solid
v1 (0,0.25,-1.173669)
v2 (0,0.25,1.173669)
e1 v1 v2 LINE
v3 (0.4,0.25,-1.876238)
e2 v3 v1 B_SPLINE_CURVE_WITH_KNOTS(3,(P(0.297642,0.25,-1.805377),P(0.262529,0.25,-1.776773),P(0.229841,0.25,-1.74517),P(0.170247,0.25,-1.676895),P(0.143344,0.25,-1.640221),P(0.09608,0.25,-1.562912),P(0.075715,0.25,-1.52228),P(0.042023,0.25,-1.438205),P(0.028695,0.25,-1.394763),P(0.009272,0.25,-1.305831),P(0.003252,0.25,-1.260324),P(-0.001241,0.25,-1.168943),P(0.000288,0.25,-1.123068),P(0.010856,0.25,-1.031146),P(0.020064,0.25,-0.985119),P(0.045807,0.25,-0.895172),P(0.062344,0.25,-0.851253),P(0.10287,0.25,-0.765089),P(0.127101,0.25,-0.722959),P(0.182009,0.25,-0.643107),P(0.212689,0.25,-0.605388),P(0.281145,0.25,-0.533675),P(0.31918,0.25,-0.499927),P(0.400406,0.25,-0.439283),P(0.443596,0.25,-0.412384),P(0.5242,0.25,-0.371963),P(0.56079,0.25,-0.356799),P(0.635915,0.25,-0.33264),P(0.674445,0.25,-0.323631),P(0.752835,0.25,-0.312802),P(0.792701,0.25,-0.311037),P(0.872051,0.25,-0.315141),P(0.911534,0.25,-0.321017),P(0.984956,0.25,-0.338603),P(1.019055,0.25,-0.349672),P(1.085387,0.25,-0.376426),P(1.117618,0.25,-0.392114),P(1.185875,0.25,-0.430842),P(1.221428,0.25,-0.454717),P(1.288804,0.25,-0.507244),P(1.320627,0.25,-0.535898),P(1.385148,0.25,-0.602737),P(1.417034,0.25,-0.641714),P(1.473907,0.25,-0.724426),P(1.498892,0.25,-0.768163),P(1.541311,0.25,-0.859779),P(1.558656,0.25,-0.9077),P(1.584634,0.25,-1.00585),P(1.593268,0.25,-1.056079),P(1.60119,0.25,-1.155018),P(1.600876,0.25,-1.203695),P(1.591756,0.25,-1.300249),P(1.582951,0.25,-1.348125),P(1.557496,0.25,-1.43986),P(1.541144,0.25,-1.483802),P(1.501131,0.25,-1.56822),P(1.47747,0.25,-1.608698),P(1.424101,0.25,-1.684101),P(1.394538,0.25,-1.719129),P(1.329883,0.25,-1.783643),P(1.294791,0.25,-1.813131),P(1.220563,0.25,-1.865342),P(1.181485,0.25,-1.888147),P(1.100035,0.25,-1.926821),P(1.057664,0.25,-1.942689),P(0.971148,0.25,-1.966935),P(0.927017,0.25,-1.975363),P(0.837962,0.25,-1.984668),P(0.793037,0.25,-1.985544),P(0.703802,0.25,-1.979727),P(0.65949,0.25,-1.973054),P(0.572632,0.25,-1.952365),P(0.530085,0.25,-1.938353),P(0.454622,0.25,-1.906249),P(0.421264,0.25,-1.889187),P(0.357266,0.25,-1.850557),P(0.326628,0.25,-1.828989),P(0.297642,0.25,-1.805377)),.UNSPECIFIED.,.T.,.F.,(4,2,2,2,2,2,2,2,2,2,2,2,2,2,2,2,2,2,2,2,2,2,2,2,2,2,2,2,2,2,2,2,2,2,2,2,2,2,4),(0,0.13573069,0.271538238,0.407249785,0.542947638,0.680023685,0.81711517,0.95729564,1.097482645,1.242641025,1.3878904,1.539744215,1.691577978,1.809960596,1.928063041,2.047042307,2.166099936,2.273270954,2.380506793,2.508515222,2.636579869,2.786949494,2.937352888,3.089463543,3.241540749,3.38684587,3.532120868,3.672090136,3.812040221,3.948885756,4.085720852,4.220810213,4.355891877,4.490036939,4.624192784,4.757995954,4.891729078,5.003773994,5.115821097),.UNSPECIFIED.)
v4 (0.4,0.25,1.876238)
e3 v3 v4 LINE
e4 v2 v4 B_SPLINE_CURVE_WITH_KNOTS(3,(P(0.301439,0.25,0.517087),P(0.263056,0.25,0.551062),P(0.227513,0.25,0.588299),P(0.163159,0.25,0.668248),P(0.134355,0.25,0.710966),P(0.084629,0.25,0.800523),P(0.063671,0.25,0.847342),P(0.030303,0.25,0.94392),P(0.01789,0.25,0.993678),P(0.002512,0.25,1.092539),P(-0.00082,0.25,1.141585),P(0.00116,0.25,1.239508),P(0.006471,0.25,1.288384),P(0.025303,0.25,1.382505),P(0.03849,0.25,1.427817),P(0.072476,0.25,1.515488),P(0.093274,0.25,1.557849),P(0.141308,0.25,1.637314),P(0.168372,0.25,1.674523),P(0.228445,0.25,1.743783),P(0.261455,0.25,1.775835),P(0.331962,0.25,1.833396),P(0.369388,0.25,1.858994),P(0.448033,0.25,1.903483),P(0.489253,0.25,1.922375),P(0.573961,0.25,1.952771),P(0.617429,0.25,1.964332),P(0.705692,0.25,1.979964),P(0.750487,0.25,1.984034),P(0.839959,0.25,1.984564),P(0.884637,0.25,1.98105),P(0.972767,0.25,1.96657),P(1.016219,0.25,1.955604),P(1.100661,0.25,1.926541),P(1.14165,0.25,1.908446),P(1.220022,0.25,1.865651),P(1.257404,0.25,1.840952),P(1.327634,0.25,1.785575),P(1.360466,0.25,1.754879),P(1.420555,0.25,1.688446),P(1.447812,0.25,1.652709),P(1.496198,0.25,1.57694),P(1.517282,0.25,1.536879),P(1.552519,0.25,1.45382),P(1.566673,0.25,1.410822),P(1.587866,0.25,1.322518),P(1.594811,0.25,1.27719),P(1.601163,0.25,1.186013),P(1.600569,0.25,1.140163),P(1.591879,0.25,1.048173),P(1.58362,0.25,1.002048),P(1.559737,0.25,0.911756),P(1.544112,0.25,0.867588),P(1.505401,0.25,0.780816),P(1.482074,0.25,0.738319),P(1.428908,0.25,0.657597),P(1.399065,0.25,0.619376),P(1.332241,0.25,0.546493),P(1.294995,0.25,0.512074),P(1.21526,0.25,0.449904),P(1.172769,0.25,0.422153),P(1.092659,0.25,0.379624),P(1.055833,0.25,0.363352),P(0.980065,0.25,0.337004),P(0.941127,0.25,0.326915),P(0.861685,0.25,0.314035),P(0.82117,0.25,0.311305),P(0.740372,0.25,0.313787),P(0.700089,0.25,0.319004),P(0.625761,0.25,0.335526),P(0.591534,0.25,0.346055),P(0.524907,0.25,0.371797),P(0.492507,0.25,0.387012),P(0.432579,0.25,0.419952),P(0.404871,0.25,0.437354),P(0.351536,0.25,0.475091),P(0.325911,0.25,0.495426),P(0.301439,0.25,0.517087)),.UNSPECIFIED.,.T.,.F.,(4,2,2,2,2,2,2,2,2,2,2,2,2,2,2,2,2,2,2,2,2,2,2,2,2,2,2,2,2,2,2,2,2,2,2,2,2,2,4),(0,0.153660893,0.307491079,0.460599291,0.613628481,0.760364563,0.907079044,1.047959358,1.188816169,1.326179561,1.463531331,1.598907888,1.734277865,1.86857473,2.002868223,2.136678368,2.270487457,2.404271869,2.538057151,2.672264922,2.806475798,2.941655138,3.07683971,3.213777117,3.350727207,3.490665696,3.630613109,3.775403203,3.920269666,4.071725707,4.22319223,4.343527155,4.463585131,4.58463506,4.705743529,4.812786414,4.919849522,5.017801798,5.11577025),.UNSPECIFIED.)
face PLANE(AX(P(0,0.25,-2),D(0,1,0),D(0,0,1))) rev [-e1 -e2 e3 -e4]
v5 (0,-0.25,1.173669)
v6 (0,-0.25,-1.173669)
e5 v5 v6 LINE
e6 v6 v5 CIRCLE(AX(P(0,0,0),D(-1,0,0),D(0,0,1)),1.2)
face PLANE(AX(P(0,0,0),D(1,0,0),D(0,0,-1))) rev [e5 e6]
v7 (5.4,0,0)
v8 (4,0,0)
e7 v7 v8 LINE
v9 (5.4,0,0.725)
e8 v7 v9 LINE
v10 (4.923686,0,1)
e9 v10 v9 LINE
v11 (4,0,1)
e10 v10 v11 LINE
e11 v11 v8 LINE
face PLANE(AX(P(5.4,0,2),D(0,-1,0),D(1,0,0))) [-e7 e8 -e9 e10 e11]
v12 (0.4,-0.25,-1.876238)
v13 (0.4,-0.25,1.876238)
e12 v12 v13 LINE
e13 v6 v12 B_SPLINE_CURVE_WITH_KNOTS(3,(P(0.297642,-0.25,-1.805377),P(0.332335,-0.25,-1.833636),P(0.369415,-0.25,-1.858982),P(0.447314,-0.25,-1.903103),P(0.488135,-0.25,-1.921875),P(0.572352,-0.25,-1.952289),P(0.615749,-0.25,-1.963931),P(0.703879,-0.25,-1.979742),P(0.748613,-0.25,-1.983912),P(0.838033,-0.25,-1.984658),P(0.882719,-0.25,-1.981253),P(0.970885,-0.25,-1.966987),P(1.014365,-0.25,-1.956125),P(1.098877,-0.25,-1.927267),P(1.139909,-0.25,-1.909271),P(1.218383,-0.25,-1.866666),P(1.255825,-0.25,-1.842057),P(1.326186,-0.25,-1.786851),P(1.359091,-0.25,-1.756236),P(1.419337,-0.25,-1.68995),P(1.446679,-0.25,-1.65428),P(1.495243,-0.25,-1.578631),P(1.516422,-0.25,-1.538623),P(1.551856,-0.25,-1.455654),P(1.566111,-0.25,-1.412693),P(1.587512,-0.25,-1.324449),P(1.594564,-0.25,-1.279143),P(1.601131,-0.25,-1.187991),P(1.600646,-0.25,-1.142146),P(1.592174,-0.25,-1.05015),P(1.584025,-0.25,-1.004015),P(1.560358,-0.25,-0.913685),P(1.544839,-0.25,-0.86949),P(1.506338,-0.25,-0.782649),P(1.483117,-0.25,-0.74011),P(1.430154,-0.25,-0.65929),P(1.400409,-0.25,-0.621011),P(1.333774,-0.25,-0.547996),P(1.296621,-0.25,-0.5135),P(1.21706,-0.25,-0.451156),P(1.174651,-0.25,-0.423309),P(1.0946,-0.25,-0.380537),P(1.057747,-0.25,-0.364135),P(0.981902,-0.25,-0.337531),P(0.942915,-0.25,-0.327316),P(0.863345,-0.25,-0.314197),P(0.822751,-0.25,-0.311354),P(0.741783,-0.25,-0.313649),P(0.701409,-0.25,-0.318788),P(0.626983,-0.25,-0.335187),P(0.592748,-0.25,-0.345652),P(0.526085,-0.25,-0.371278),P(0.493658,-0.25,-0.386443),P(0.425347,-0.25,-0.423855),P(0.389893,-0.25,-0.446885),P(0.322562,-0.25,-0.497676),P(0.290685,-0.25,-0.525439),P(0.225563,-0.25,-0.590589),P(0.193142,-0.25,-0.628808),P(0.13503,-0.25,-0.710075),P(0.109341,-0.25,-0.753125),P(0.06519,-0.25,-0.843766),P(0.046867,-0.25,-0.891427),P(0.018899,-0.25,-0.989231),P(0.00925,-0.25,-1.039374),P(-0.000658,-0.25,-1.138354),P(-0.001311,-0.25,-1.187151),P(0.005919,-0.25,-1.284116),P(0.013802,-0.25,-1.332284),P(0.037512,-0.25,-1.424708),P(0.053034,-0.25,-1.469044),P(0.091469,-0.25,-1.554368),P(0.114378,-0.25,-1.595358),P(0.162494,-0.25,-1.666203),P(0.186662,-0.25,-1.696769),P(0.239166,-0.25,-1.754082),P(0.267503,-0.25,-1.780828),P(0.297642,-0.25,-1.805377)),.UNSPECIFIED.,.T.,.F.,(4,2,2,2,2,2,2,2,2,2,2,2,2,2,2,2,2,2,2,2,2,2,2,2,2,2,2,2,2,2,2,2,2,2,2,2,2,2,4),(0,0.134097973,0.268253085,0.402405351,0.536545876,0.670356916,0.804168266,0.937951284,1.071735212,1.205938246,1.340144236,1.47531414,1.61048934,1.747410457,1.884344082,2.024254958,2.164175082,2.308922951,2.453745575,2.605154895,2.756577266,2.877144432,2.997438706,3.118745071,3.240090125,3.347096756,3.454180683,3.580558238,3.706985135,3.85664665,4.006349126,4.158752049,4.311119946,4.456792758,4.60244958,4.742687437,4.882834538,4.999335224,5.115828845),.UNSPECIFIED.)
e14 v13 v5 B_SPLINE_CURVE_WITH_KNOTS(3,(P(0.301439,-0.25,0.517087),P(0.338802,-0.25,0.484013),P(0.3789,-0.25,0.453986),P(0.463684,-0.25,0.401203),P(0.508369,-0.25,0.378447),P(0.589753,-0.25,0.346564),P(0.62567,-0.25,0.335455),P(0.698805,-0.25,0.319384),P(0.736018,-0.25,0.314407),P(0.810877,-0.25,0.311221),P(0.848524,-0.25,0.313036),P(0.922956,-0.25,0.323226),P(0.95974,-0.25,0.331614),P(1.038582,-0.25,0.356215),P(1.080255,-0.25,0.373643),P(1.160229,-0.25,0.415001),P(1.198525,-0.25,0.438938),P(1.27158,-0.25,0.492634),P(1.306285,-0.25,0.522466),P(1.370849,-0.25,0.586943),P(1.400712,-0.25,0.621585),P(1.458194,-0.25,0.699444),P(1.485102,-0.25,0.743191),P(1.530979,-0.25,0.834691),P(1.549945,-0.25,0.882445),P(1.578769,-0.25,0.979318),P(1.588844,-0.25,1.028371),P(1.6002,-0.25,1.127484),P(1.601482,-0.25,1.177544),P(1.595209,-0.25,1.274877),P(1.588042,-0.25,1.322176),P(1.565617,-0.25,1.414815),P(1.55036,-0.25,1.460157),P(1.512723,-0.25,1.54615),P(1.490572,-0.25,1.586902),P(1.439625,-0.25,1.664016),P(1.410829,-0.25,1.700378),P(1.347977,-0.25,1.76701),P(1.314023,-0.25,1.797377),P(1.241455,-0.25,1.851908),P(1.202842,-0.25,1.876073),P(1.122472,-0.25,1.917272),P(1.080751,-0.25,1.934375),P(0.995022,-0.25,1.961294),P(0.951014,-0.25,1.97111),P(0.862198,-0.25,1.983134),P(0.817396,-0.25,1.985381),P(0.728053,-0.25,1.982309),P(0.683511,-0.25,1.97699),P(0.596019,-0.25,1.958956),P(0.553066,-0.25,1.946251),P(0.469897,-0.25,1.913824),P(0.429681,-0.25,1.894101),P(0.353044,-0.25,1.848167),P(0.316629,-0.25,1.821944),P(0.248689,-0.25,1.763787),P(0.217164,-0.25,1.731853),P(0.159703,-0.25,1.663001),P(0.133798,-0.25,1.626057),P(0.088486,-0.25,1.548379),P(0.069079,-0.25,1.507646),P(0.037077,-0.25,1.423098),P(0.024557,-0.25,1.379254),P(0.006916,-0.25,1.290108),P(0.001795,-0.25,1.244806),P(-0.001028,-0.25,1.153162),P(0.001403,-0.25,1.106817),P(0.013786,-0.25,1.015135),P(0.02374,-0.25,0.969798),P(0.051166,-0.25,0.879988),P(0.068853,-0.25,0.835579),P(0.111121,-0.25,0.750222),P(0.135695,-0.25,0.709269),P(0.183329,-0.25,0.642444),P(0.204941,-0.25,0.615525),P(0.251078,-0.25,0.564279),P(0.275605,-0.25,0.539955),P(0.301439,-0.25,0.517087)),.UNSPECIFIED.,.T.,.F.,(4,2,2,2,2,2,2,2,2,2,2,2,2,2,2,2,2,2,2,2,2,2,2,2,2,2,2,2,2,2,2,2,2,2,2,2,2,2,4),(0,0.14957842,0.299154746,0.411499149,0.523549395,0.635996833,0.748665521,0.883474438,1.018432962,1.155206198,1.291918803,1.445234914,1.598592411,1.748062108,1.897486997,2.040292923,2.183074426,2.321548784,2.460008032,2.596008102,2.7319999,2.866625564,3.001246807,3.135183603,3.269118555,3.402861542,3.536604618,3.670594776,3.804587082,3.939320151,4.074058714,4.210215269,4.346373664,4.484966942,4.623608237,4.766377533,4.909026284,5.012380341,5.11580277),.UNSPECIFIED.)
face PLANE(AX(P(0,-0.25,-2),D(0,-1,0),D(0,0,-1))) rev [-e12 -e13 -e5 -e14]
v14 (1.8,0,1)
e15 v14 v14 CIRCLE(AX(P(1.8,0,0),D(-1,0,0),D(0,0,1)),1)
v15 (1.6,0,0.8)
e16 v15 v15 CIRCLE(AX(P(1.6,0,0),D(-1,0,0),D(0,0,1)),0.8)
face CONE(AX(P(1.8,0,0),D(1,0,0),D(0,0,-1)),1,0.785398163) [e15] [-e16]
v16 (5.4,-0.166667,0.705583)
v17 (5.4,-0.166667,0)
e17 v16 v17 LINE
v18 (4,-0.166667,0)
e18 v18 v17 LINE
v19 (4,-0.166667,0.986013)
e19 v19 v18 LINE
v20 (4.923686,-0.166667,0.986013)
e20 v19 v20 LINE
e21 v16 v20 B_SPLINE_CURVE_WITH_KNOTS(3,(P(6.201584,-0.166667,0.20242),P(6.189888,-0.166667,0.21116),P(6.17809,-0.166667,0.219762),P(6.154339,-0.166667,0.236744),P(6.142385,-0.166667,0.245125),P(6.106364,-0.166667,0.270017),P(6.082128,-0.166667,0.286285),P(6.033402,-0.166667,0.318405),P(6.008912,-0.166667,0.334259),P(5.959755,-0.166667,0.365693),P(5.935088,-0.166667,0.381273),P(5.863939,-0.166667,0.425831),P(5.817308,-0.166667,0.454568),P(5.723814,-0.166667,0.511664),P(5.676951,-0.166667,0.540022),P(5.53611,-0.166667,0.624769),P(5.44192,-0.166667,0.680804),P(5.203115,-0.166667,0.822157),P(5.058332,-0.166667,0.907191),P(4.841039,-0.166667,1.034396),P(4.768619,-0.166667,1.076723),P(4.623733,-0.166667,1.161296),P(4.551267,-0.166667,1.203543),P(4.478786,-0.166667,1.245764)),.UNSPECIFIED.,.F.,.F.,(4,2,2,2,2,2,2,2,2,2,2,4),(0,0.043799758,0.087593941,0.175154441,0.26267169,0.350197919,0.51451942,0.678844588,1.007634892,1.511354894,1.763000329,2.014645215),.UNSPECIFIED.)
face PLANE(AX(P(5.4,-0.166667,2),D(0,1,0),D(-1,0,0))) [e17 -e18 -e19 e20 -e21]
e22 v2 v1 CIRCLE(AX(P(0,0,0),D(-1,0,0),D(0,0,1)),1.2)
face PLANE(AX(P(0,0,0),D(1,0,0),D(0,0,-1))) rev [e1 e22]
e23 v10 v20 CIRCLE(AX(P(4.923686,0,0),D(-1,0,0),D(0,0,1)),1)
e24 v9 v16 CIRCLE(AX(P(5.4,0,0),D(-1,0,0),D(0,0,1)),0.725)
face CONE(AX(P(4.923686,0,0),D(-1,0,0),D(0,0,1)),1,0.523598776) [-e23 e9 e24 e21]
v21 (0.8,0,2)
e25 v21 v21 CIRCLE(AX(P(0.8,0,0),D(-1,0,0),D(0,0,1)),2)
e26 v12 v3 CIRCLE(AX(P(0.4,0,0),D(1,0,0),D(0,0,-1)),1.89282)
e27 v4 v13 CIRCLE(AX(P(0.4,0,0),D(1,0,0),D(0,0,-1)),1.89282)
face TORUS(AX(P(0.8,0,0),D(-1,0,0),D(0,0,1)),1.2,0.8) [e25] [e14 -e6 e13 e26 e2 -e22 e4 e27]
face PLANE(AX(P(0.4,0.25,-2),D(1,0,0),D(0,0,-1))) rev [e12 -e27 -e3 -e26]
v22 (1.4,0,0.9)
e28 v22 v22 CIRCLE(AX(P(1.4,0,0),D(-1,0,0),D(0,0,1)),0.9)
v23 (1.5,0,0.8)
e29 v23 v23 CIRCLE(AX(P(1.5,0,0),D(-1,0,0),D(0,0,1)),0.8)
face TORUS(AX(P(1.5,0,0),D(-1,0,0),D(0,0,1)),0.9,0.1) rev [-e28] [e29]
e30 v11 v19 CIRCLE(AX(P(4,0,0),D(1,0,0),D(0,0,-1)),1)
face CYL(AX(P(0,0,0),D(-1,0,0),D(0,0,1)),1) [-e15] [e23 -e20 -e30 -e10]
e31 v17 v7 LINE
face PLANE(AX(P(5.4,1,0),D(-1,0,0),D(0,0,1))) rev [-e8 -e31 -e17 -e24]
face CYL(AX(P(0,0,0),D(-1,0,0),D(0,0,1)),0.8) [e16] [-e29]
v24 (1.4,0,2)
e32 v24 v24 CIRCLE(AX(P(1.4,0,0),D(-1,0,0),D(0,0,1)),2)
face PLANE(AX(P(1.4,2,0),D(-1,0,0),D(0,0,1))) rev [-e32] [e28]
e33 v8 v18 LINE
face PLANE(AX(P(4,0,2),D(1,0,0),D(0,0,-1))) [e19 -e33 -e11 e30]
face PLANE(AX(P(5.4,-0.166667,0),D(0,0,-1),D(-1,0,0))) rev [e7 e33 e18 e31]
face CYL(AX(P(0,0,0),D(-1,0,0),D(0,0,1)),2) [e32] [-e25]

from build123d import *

# Parameters (mm, degrees)
SKETCH2_W                    = 0.4
SKETCH2_H                    = 0.5
SLOT_CUT_EXTRUDE1_DEPTH      = 3
SLOT_CUT_EXTRUDE1_DEPTH_BACK = 3
SKETCH11_W                   = 1.4
SKETCH11_H                   = 0.166666667
POINT_CUT_EXTRUDE8_DEPTH     = 3.0000001


with BuildPart() as part:
    # Sketch1 → base-Revolve (revolve)
    with BuildSketch(Plane.XY):
        with BuildLine():
            Line((0, 0), (0, 1.2))
            ThreePointArc((0, 1.2), (0.234314575, 1.765685425), (0.8, 2))
            Line((0.8, 2), (1.4, 2))
            Line((1.4, 2), (1.4, 0.9))
            ThreePointArc((1.4, 0.9), (1.429289322, 0.829289322), (1.5, 0.8))
            Line((1.5, 0.8), (1.6, 0.8))
            Line((1.6, 0.8), (1.8, 1))
            Line((1.8, 1), (5.4, 1))
            Line((5.4, 1), (5.4, 0))
            Line((5.4, 0), (0, 0))
        make_face()
    revolve(axis=Axis((0, 0, 0), (1, 0, 0)))

    # Sketch2 → slot_Cut-Extrude1 (cut, two sides)
    with BuildSketch(Plane.XY) as slot_cut_extrude1_sk:
        with Locations((0.2, 0)):
            Rectangle(SKETCH2_W, SKETCH2_H)
    extrude(amount=SLOT_CUT_EXTRUDE1_DEPTH, mode=Mode.SUBTRACT)
    extrude(slot_cut_extrude1_sk.sketch, amount=-SLOT_CUT_EXTRUDE1_DEPTH_BACK, mode=Mode.SUBTRACT)

    # Sketch8 → point_Cut-Revolve1 (revolve, cut)
    with BuildSketch(Plane.XY):
        Polygon((5.4, 0), (5.908, 0), (5.908, 1.508), (4.923686028, 1.508), (4.923686028, 1), (5.4, 0.725), align=None)
    revolve(axis=Axis((0, 0, 0), (1, 0, 0)), mode=Mode.SUBTRACT)

    # Sketch11 → point_Cut-Extrude8 (cut, through all)
    with BuildSketch(Plane.XY):
        with Locations((4.7, -0.083333334)):
            Rectangle(SKETCH11_W, SKETCH11_H)
    extrude(amount=POINT_CUT_EXTRUDE8_DEPTH, mode=Mode.SUBTRACT)


solid = part.part
